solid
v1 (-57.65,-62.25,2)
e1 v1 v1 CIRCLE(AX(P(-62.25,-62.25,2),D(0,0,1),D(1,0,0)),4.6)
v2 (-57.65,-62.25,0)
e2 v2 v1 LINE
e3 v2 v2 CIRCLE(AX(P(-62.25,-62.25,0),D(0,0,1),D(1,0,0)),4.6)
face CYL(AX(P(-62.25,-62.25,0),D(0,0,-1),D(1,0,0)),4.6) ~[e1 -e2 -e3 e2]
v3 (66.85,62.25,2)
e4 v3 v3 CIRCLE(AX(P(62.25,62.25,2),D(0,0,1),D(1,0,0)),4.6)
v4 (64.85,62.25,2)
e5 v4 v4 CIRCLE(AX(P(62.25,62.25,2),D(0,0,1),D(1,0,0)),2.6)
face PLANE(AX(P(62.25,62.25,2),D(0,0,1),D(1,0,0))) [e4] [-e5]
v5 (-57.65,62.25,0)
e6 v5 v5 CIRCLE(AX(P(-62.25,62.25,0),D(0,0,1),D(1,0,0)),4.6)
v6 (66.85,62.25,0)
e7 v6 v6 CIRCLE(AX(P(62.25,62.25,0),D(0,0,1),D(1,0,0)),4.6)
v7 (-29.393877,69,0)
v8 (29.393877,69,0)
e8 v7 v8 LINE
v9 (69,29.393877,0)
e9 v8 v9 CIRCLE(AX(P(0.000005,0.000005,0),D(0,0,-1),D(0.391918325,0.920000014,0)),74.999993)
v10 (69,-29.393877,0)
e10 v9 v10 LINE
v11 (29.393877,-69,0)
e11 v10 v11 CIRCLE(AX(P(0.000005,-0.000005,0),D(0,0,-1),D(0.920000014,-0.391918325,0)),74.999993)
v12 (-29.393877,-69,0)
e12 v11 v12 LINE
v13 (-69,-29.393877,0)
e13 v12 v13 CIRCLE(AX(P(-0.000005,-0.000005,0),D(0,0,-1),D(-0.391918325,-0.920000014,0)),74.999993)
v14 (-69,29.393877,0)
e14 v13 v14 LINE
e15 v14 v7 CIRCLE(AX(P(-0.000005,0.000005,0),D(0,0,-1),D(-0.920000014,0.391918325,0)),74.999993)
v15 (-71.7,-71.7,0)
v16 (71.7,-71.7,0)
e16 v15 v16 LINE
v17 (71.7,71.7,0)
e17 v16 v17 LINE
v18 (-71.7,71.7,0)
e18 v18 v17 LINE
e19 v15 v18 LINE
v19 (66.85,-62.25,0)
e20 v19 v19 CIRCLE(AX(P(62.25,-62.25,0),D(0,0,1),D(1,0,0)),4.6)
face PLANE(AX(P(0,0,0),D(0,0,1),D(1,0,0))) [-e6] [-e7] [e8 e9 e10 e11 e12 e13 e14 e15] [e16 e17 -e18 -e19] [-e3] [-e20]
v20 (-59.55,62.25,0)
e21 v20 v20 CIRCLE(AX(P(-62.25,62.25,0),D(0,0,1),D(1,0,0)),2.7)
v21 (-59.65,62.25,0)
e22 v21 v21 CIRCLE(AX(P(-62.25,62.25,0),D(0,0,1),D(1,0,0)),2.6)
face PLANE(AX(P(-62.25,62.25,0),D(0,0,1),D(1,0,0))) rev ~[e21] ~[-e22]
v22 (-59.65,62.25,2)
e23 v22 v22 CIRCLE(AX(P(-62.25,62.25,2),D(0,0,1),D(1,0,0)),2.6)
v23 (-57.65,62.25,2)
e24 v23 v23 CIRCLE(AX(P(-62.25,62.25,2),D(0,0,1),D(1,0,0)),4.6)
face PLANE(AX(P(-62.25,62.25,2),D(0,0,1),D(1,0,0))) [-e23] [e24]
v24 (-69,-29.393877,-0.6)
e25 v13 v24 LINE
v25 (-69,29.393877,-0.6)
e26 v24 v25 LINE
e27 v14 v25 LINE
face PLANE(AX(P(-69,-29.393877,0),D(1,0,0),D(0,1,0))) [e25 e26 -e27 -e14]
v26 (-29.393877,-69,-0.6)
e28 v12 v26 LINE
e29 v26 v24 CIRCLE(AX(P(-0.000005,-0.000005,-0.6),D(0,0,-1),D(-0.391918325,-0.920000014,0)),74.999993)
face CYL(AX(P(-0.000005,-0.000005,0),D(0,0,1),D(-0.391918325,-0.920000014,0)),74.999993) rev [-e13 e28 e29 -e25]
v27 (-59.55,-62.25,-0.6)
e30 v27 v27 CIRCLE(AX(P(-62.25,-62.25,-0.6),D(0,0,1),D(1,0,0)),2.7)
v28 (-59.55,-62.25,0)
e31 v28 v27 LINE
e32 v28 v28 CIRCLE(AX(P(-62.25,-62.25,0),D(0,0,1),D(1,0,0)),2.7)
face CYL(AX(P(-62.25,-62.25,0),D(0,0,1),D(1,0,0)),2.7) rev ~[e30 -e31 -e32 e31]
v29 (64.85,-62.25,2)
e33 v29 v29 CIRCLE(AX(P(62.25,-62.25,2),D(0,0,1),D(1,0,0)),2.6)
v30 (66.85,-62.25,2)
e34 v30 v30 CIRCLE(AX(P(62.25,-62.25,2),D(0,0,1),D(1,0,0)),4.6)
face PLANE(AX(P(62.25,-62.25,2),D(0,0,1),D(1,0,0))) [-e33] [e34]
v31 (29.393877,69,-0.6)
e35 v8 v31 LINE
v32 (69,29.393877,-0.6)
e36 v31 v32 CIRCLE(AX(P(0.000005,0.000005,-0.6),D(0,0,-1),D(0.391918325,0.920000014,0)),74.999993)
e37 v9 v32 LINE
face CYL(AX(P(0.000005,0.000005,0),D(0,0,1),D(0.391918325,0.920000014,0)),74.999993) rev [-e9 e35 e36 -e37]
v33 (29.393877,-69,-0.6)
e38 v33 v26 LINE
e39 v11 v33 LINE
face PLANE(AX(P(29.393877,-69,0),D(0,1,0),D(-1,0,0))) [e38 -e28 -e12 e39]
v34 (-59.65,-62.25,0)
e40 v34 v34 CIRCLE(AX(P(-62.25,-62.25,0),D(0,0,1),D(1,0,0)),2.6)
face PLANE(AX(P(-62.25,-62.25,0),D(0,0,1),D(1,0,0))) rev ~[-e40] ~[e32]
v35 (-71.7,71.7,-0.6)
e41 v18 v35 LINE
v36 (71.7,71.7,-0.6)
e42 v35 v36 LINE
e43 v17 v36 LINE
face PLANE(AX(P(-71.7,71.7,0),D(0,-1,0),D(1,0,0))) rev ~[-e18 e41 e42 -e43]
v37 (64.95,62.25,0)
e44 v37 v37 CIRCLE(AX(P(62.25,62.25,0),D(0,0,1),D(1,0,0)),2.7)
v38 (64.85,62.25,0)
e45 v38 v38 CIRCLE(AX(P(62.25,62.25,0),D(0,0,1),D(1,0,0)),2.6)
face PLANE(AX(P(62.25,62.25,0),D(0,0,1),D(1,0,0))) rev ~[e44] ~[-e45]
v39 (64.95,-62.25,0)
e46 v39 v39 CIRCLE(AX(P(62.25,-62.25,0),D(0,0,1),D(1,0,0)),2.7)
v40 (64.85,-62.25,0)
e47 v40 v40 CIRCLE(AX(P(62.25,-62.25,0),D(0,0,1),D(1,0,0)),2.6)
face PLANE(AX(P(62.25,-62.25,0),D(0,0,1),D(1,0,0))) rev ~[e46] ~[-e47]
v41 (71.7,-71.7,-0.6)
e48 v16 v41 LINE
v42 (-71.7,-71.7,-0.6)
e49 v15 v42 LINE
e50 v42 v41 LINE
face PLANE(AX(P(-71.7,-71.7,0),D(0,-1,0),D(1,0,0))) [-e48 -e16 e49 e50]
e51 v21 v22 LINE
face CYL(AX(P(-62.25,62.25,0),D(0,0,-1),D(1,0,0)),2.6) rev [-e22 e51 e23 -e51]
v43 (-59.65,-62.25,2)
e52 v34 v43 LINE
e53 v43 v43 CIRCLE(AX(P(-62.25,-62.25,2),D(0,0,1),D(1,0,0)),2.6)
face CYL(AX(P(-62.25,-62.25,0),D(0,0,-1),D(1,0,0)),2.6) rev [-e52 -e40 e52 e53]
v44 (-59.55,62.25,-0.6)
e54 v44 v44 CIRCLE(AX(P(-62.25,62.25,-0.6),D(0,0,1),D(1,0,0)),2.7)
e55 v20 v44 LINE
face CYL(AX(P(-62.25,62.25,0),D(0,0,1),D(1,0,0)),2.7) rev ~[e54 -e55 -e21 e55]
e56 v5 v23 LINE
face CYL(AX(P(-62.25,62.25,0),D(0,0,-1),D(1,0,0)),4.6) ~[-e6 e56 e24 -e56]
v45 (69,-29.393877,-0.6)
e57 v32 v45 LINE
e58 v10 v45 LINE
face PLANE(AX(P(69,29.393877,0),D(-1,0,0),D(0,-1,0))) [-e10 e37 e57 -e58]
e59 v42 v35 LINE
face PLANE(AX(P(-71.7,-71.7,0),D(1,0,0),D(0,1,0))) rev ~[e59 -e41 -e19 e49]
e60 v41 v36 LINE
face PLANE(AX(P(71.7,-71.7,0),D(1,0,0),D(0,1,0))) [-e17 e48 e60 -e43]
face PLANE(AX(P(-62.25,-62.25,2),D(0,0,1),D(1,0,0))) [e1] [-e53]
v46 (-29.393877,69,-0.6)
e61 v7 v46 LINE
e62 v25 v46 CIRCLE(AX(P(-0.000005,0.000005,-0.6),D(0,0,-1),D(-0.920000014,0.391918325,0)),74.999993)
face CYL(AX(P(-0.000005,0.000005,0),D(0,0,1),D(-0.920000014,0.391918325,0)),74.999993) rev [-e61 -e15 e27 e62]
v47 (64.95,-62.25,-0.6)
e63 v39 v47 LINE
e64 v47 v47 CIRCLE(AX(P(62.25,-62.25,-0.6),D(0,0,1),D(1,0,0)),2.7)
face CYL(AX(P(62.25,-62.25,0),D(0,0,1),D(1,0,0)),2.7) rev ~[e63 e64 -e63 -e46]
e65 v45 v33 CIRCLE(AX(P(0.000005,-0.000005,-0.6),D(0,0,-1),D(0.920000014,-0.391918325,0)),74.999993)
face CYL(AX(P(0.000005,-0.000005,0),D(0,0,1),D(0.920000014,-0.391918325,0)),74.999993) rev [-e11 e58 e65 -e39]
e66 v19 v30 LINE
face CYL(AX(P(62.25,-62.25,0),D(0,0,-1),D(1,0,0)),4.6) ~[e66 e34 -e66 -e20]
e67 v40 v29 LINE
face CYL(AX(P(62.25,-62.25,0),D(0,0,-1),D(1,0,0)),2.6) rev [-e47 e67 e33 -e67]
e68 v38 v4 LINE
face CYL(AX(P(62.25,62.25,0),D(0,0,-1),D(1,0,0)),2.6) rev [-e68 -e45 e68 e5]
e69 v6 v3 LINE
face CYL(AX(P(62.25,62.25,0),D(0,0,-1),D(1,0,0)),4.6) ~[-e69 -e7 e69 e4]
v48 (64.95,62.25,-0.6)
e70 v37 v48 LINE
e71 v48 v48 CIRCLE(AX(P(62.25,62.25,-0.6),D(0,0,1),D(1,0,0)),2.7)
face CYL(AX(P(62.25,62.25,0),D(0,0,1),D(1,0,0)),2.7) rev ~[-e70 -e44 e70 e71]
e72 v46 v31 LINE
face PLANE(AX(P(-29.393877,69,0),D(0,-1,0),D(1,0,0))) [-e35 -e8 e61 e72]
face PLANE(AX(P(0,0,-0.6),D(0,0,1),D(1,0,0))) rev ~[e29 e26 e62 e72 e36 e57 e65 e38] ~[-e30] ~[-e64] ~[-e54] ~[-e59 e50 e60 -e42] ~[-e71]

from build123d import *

# Parameters (mm, degrees)
F1_W     = 143.4
F1_H     = 143.4
F3_DEPTH = 0.6
F2_R     = 2.7
F4_DEPTH = 0.601
F5_R     = 4.6
F5_R_2   = 2.6
F6_DEPTH = 2


with BuildPart() as f3:
    # F1 (on Top) → F3 (new body)
    with BuildSketch(Plane.XY):
        Rectangle(F1_W, F1_H)
        with BuildLine():
            ThreePointArc((-69, 29.393877), (-53.033009, 53.033009), (-29.393877, 69))
            Line((-29.393877, 69), (29.393877, 69))
            ThreePointArc((29.393877, 69), (53.033009, 53.033009), (69, 29.393877))
            Line((69, 29.393877), (69, -29.393877))
            ThreePointArc((69, -29.393877), (53.033009, -53.033009), (29.393877, -69))
            Line((29.393877, -69), (-29.393877, -69))
            ThreePointArc((-29.393877, -69), (-53.033009, -53.033009), (-69, -29.393877))
            Line((-69, -29.393877), (-69, 29.393877))
        make_face(mode=Mode.SUBTRACT)
    extrude(amount=-F3_DEPTH)

    # F2 (on Top) → F4 (cut, through all)
    with BuildSketch(Plane.XY):
        with Locations((62.25, 62.25)):
            Circle(F2_R)
        with Locations((-62.25, 62.25)):
            Circle(F2_R)
        with Locations((-62.25, -62.25)):
            Circle(F2_R)
        with Locations((62.25, -62.25)):
            Circle(F2_R)
    extrude(amount=-F4_DEPTH, mode=Mode.SUBTRACT)

    # F5 (on Top) → F6 (join)
    with BuildSketch(Plane.XY):
        with Locations((-62.25, 62.25)):
            Circle(F5_R)
        with Locations((-62.25, 62.25)):
            Circle(F5_R_2, mode=Mode.SUBTRACT)
        with Locations((-62.25, -62.25)):
            Circle(F5_R)
        with Locations((-62.25, -62.25)):
            Circle(F5_R_2, mode=Mode.SUBTRACT)
        with Locations((62.25, -62.25)):
            Circle(F5_R)
        with Locations((62.25, -62.25)):
            Circle(F5_R_2, mode=Mode.SUBTRACT)
        with Locations((62.25, 62.25)):
            Circle(F5_R)
        with Locations((62.25, 62.25)):
            Circle(F5_R_2, mode=Mode.SUBTRACT)
    extrude(amount=F6_DEPTH)


solid = f3.part
